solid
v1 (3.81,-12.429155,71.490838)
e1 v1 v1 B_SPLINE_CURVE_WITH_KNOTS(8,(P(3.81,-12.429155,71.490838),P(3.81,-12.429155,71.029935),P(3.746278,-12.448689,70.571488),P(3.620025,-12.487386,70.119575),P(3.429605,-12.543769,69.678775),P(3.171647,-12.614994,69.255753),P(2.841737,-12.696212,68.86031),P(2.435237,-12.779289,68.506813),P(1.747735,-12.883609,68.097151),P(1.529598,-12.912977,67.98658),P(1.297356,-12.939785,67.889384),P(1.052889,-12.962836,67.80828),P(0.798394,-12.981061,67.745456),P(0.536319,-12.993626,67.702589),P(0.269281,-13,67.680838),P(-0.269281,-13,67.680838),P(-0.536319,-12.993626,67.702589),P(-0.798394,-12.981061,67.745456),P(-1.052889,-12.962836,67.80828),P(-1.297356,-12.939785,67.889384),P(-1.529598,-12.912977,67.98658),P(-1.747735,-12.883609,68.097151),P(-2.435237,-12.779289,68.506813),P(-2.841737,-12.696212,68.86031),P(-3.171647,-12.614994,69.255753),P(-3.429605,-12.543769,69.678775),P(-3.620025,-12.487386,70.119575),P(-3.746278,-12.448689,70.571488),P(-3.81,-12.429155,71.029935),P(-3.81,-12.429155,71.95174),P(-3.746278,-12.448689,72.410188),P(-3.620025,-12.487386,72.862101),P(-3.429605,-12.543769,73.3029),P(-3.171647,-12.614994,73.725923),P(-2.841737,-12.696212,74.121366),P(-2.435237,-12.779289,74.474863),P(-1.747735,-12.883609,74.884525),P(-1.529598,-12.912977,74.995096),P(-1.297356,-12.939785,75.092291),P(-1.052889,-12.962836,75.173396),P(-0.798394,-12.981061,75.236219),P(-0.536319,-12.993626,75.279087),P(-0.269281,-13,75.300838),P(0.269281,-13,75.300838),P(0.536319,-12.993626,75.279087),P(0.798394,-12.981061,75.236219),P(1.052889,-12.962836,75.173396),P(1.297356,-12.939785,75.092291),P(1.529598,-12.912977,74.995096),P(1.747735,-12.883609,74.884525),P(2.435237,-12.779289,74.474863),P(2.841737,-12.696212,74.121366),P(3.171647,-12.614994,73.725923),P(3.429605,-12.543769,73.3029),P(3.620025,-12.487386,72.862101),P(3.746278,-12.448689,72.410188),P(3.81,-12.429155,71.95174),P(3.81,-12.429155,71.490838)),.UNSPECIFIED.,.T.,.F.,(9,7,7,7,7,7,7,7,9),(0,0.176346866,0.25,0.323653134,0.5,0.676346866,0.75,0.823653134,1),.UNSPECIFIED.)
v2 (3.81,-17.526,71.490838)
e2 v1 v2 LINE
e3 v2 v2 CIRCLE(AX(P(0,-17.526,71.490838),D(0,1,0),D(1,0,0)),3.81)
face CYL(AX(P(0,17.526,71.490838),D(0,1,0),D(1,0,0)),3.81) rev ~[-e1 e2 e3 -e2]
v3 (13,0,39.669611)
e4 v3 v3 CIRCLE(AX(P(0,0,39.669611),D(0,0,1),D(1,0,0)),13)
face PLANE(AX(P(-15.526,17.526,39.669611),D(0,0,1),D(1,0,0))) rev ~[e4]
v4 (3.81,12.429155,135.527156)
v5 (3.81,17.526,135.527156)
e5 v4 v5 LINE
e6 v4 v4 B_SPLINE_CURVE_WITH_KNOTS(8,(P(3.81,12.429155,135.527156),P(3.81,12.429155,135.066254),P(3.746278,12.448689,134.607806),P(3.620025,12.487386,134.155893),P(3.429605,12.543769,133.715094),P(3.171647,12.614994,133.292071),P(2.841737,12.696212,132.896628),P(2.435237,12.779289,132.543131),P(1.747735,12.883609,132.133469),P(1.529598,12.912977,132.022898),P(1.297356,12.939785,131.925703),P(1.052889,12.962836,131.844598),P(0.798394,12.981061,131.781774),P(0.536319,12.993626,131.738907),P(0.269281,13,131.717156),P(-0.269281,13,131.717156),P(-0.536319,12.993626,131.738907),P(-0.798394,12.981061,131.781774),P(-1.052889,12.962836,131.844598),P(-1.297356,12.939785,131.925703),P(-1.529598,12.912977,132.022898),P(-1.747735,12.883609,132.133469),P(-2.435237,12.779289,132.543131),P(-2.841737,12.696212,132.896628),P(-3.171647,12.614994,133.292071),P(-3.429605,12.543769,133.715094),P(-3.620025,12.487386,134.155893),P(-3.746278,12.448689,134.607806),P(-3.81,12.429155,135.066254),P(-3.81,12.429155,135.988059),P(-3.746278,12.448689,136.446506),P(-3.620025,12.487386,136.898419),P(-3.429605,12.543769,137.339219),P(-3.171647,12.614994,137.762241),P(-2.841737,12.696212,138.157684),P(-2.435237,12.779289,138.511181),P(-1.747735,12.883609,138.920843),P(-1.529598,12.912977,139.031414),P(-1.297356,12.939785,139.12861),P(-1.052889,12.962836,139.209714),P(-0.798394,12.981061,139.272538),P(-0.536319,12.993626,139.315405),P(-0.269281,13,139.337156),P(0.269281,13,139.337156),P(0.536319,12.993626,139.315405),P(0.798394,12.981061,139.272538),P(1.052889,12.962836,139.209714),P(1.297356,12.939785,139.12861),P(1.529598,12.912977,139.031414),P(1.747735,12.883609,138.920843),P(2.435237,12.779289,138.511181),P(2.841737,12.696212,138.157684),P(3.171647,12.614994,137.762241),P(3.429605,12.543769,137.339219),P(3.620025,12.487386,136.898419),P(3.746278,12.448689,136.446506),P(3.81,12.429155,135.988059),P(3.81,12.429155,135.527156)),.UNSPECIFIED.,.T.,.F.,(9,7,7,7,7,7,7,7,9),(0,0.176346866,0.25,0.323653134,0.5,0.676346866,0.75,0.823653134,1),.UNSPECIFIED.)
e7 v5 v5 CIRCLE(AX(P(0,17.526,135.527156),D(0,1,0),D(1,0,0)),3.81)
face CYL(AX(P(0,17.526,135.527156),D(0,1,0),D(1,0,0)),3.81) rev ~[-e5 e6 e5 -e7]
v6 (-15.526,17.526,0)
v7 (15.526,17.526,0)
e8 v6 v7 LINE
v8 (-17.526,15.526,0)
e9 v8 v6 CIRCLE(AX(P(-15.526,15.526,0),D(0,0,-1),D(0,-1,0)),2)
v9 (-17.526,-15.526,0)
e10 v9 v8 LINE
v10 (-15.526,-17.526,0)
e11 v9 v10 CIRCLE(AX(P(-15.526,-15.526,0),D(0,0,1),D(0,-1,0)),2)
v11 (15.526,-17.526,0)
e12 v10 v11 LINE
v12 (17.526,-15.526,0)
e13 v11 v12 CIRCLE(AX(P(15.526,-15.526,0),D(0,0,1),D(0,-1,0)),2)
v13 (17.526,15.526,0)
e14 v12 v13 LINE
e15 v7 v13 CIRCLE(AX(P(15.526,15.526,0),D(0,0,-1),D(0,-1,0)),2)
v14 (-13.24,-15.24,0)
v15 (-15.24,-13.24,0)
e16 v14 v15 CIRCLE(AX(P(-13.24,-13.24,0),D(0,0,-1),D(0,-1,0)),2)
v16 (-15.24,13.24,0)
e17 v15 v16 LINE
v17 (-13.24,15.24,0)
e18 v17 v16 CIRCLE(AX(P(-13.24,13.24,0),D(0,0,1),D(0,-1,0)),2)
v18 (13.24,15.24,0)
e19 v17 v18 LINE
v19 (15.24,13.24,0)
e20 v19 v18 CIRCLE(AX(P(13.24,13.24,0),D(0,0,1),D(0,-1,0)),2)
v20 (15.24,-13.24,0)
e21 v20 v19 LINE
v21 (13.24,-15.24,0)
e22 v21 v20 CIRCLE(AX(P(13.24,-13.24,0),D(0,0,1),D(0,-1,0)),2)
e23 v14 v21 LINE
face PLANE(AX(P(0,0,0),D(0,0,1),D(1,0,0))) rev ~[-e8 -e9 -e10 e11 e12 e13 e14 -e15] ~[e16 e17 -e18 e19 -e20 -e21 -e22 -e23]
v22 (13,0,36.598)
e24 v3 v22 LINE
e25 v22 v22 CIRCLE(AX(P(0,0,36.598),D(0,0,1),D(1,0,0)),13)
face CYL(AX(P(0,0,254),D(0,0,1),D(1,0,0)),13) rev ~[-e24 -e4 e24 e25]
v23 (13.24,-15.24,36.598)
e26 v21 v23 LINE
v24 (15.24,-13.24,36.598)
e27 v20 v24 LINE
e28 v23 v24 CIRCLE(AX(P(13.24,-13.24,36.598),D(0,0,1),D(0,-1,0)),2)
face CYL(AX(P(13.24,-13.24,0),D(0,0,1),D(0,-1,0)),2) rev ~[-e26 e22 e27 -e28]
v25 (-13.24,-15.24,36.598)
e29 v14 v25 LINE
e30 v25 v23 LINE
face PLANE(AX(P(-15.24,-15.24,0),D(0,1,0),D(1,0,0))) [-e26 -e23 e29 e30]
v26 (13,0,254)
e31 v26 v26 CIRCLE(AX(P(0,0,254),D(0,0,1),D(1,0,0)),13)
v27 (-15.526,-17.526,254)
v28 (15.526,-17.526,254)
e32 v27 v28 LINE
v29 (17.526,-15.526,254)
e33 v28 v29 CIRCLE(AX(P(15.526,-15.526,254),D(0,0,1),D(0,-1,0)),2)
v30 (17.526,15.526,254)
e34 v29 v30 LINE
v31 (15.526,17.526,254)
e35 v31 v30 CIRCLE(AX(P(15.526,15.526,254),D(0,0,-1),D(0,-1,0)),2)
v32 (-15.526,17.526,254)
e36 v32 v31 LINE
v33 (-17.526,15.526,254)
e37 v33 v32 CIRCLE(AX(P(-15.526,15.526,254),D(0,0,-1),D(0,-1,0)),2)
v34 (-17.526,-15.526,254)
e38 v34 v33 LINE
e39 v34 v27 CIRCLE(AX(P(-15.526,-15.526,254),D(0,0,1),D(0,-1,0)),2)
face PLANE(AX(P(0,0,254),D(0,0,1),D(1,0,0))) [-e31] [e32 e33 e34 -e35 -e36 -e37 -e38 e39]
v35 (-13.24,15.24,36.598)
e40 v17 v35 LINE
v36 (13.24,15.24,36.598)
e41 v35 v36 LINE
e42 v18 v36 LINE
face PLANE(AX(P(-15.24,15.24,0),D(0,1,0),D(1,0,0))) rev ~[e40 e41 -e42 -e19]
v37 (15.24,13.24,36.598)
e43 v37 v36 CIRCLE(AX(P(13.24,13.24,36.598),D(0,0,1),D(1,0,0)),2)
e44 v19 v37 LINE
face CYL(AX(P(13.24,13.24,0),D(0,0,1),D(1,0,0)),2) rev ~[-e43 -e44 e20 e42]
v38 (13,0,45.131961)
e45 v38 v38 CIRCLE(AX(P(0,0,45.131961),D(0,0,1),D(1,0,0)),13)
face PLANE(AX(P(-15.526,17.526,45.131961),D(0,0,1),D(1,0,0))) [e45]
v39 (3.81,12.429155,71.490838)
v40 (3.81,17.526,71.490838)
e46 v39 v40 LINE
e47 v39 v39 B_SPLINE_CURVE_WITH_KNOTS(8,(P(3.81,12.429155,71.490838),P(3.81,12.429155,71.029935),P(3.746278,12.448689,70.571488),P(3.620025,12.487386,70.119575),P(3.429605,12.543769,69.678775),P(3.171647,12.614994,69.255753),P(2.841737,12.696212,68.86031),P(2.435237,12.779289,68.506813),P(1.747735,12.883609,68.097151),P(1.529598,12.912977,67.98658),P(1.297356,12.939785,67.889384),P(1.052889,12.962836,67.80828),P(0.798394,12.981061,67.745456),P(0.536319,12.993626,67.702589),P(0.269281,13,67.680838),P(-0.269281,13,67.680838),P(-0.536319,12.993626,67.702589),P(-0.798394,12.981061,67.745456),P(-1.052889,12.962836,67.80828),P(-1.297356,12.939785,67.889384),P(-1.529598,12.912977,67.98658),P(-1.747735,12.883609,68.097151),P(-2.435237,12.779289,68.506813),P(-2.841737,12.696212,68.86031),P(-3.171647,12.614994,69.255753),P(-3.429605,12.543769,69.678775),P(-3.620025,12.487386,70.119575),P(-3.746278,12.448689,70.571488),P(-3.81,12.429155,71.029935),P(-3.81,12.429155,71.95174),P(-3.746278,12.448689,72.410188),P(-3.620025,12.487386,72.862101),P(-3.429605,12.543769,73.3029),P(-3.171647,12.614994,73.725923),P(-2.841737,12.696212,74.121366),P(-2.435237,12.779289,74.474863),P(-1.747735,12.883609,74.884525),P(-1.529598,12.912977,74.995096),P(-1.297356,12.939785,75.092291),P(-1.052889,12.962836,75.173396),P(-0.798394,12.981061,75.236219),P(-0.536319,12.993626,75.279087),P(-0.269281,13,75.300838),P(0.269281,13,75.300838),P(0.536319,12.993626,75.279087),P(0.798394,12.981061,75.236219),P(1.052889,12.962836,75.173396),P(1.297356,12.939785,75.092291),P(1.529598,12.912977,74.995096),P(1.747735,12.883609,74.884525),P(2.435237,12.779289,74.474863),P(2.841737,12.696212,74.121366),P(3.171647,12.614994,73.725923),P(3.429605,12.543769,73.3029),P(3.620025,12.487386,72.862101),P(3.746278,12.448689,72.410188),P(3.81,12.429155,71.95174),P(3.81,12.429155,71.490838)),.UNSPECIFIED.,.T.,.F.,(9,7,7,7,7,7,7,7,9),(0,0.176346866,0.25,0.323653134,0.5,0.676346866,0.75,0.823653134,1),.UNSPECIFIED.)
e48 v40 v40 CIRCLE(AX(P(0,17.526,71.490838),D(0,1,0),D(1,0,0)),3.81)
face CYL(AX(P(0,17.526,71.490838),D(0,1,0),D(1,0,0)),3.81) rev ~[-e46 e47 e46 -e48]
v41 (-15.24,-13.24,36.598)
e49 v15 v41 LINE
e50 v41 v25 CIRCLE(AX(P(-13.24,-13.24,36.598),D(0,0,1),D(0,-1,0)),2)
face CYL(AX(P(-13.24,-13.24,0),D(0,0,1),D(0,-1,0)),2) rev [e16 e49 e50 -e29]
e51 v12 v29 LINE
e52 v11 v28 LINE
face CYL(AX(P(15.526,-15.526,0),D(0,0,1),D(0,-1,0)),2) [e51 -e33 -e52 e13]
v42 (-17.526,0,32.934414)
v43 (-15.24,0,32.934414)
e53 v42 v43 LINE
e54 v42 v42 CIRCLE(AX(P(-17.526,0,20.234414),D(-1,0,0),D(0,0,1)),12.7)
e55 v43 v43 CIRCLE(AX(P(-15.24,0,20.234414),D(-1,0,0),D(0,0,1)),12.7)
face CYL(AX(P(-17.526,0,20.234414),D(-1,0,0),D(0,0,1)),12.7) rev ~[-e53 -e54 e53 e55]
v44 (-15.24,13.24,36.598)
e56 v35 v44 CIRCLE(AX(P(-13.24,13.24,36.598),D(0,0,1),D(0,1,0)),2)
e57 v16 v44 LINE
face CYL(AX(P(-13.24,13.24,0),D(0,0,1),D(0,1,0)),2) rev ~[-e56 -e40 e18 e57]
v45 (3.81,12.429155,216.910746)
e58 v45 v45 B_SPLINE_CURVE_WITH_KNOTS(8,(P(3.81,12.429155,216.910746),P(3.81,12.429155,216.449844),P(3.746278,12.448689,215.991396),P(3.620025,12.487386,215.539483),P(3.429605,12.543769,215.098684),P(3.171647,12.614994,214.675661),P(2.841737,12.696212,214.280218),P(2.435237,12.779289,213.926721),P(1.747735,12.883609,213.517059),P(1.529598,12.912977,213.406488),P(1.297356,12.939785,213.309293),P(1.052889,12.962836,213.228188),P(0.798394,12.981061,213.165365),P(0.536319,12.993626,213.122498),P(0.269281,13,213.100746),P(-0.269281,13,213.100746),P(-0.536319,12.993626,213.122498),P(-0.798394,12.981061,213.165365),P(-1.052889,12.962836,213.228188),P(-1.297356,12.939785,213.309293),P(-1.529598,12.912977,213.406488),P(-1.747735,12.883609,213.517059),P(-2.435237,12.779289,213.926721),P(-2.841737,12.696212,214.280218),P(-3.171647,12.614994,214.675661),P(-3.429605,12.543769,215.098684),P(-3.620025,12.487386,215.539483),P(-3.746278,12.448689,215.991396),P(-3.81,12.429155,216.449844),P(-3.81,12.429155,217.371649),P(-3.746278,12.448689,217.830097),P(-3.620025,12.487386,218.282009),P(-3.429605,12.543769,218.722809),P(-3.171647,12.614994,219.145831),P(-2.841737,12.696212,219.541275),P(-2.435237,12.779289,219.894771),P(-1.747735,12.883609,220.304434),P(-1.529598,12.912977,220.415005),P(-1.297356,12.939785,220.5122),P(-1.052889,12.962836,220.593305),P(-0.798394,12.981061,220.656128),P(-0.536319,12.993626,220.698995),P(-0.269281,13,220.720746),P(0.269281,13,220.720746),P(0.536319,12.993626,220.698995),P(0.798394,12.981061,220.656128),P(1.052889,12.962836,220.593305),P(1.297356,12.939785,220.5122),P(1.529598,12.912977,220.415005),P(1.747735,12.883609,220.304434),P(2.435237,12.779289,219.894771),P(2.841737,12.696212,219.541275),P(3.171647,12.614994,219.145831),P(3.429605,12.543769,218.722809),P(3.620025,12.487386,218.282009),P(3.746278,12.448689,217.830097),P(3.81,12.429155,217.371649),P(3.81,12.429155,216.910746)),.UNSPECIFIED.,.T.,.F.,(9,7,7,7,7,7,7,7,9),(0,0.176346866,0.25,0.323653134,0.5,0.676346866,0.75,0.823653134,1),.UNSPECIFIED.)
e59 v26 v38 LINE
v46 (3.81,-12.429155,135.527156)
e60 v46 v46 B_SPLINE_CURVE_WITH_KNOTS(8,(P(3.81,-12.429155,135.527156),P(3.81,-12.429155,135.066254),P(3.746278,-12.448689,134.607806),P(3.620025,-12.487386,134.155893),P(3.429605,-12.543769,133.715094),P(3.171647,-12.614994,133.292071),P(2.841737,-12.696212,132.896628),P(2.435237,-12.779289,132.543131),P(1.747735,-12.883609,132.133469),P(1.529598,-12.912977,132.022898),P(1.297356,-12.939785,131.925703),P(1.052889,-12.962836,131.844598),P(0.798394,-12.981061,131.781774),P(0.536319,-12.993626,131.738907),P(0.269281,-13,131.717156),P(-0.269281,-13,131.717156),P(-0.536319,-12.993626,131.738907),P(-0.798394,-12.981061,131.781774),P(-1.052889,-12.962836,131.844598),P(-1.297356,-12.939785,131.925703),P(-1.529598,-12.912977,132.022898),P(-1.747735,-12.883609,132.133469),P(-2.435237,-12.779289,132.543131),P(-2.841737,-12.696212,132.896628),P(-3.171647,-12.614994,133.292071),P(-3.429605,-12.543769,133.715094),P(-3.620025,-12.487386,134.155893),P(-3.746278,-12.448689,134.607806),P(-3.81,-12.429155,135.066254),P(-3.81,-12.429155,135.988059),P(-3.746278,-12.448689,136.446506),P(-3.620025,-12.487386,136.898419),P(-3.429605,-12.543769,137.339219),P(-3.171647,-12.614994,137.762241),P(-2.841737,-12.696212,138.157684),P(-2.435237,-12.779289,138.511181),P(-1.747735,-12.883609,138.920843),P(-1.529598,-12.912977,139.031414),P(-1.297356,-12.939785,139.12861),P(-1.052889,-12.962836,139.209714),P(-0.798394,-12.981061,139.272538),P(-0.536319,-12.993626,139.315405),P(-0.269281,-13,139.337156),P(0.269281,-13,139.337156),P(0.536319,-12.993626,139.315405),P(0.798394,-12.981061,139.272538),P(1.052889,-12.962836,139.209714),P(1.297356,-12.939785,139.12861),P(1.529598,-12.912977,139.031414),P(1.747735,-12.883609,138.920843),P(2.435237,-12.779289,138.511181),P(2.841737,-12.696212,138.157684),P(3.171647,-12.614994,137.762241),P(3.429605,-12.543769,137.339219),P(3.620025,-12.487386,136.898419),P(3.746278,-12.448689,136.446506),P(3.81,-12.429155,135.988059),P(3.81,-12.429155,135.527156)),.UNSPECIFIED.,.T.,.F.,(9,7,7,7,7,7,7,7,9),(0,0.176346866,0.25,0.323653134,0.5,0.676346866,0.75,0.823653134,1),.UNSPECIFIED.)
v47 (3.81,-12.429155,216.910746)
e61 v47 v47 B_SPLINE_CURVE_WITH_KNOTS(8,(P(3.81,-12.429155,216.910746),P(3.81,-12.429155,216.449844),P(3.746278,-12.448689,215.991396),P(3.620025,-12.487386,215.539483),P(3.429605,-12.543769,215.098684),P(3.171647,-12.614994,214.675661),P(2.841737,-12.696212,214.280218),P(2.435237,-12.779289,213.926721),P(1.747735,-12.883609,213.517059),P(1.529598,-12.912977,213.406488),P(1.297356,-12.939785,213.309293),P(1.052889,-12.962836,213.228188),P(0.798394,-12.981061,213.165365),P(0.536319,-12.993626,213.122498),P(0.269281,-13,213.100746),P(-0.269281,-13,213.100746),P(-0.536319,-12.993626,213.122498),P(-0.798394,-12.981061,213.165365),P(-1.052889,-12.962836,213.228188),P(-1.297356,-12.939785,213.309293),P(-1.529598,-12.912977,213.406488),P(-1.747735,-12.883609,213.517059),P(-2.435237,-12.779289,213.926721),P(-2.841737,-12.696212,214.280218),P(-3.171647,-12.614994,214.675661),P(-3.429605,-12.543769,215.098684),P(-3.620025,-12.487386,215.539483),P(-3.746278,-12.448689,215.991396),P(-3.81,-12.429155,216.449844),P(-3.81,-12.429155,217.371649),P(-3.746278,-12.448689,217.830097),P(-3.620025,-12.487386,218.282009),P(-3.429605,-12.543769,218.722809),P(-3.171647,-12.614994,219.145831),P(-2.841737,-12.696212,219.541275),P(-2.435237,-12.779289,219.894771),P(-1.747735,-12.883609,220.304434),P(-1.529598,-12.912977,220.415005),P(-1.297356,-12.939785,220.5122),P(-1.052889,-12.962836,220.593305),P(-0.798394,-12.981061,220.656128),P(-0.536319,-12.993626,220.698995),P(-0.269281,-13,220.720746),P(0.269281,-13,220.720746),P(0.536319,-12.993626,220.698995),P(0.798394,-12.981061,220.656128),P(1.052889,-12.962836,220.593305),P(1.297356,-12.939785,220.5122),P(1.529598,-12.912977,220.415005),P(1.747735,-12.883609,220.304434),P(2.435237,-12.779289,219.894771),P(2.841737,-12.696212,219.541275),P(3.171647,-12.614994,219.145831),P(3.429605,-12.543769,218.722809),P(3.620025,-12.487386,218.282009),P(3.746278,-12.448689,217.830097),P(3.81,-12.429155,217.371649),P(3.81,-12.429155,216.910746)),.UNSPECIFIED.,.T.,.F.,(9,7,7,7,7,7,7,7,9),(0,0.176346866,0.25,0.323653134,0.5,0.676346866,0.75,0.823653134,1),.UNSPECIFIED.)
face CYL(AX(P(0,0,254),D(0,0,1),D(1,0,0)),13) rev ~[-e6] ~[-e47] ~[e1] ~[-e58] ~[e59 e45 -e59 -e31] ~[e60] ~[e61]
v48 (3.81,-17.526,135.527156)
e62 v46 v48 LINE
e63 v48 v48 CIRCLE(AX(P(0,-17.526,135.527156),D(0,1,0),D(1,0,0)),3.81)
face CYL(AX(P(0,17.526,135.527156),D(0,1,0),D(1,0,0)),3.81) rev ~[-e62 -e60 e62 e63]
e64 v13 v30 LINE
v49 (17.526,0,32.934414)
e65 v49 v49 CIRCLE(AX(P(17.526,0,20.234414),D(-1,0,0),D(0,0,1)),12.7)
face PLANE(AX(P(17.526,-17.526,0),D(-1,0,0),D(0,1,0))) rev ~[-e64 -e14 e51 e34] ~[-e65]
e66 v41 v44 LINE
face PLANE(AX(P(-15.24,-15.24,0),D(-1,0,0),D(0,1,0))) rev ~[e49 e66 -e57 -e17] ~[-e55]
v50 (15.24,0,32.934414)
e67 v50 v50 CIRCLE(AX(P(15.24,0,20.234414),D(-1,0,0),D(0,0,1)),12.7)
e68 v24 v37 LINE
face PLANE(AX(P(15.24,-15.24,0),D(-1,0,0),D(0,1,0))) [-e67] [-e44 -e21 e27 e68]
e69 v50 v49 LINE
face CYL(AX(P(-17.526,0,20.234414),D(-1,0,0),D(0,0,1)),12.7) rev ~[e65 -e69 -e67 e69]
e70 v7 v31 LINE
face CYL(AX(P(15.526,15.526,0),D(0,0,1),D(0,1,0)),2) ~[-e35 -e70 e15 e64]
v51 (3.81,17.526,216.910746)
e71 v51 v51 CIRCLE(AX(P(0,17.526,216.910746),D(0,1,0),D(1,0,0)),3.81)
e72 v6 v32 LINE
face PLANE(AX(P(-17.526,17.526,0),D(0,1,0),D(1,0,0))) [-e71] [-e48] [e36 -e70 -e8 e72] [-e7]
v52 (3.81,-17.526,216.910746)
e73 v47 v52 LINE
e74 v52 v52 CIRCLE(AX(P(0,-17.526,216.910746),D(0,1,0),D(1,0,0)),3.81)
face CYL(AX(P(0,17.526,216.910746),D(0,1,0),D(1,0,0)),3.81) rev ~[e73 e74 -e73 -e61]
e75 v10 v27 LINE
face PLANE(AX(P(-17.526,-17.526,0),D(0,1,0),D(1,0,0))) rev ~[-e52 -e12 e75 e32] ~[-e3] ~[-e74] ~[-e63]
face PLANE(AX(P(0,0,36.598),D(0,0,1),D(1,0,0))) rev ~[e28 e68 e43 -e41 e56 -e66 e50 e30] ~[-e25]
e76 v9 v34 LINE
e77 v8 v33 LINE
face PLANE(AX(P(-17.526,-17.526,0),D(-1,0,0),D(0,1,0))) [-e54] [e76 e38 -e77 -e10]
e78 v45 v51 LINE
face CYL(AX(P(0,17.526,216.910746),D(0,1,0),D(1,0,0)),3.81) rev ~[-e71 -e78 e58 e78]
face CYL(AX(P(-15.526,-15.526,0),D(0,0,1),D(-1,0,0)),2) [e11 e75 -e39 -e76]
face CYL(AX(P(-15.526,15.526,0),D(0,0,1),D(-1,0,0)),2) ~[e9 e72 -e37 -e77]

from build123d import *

# Parameters (mm, degrees)
SKETCH1_W           = 35.052
SKETCH1_H           = 35.052
SKETCH1_W_2         = 30.48
SKETCH1_H_2         = 30.48
BOSS_EXTRUDE1_DEPTH = 254
FILLET1_R           = 2
FILLET2_R           = 2
SKETCH2_R           = 12.7
CUT_EXTRUDE1_DEPTH  = 254
SKETCH3_R           = 3.81
CUT_EXTRUDE2_DEPTH  = 254
BOSS_EXTRUDE3_REACH = 37.052
SKETCH4_W           = 31.052
SKETCH4_H           = 5.462350323
SKETCH6_W           = 30.48
SKETCH6_H           = 30.48
SKETCH6_R           = 13
BOSS_EXTRUDE4_DEPTH = 217.402
SKETCH7_R           = 3.81
CUT_EXTRUDE3_DEPTH  = 217.402


with BuildPart() as part:
    # Sketch1 → Boss-Extrude1 (new body)
    with BuildSketch(Plane.XY):
        Rectangle(SKETCH1_W, SKETCH1_H)
        Rectangle(SKETCH1_W_2, SKETCH1_H_2, mode=Mode.SUBTRACT)
    extrude(amount=BOSS_EXTRUDE1_DEPTH)

    # Fillet1
    fillet1_edges = [part.edges().sort_by_distance(p)[0] for p in [
        (17.526, -17.526, 127),
        (-17.526, -17.526, 127),
        (-17.526, 17.526, 127),
        (17.526, 17.526, 127),
    ]]
    fillet(fillet1_edges, radius=FILLET1_R)

    # Fillet2
    fillet2_edges = [part.edges().sort_by_distance(p)[0] for p in [
        (15.24, -15.24, 127),
        (15.24, 15.24, 127),
        (-15.24, 15.24, 127),
        (-15.24, -15.24, 127),
    ]]
    fillet(fillet2_edges, radius=FILLET2_R)

    # Sketch2 → Cut-Extrude1 (cut)
    with BuildSketch(Plane.ZY.offset(17.526)):
        with Locations((20.234414068, 0)):
            Circle(SKETCH2_R)
    extrude(amount=-CUT_EXTRUDE1_DEPTH, mode=Mode.SUBTRACT)

    # Sketch3 → Cut-Extrude2 (cut)
    with BuildSketch(Plane(origin=(0, 17.526, 0), x_dir=(1, 0, 0), z_dir=(0, 1, 0))):
        with Locations((0, -135.527156181)):
            Circle(SKETCH3_R)
        with Locations((0, -216.910746369)):
            Circle(SKETCH3_R)
        with Locations((0, -71.490837775)):
            Circle(SKETCH3_R)
    extrude(amount=-CUT_EXTRUDE2_DEPTH, mode=Mode.SUBTRACT)

    # Sketch4 → Boss-Extrude3 (add, up to next)
    with BuildSketch(Plane(origin=(0, 17.526, 0), x_dir=(1, 0, 0), z_dir=(0, 1, 0)), mode=Mode.PRIVATE) as boss_extrude3_sk1:
        with Locations((0, -42.400785955)):
            Rectangle(SKETCH4_W, SKETCH4_H)
    boss_extrude3_tool1 = extrude(boss_extrude3_sk1.sketch, amount=-BOSS_EXTRUDE3_REACH, mode=Mode.PRIVATE) - part.part
    add(boss_extrude3_tool1.solids().sort_by_distance((0, 17.526, 42.400786))[0])

    # Sketch6 → Boss-Extrude4 (add)
    with BuildSketch(Plane.XY.offset(254)):
        Rectangle(SKETCH6_W, SKETCH6_H)
        Circle(SKETCH6_R, mode=Mode.SUBTRACT)
    extrude(amount=-BOSS_EXTRUDE4_DEPTH)

    # Sketch7 → Cut-Extrude3 (cut)
    with BuildSketch(Plane(origin=(0, 17.526, 0), x_dir=(1, 0, 0), z_dir=(0, 1, 0))):
        with Locations((0, -71.490837775)):
            Circle(SKETCH7_R)
        with Locations((0, -135.527156181)):
            Circle(SKETCH7_R)
        with Locations((0, -216.910746369)):
            Circle(SKETCH7_R)
    extrude(amount=-CUT_EXTRUDE3_DEPTH, mode=Mode.SUBTRACT)


solid = part.part
